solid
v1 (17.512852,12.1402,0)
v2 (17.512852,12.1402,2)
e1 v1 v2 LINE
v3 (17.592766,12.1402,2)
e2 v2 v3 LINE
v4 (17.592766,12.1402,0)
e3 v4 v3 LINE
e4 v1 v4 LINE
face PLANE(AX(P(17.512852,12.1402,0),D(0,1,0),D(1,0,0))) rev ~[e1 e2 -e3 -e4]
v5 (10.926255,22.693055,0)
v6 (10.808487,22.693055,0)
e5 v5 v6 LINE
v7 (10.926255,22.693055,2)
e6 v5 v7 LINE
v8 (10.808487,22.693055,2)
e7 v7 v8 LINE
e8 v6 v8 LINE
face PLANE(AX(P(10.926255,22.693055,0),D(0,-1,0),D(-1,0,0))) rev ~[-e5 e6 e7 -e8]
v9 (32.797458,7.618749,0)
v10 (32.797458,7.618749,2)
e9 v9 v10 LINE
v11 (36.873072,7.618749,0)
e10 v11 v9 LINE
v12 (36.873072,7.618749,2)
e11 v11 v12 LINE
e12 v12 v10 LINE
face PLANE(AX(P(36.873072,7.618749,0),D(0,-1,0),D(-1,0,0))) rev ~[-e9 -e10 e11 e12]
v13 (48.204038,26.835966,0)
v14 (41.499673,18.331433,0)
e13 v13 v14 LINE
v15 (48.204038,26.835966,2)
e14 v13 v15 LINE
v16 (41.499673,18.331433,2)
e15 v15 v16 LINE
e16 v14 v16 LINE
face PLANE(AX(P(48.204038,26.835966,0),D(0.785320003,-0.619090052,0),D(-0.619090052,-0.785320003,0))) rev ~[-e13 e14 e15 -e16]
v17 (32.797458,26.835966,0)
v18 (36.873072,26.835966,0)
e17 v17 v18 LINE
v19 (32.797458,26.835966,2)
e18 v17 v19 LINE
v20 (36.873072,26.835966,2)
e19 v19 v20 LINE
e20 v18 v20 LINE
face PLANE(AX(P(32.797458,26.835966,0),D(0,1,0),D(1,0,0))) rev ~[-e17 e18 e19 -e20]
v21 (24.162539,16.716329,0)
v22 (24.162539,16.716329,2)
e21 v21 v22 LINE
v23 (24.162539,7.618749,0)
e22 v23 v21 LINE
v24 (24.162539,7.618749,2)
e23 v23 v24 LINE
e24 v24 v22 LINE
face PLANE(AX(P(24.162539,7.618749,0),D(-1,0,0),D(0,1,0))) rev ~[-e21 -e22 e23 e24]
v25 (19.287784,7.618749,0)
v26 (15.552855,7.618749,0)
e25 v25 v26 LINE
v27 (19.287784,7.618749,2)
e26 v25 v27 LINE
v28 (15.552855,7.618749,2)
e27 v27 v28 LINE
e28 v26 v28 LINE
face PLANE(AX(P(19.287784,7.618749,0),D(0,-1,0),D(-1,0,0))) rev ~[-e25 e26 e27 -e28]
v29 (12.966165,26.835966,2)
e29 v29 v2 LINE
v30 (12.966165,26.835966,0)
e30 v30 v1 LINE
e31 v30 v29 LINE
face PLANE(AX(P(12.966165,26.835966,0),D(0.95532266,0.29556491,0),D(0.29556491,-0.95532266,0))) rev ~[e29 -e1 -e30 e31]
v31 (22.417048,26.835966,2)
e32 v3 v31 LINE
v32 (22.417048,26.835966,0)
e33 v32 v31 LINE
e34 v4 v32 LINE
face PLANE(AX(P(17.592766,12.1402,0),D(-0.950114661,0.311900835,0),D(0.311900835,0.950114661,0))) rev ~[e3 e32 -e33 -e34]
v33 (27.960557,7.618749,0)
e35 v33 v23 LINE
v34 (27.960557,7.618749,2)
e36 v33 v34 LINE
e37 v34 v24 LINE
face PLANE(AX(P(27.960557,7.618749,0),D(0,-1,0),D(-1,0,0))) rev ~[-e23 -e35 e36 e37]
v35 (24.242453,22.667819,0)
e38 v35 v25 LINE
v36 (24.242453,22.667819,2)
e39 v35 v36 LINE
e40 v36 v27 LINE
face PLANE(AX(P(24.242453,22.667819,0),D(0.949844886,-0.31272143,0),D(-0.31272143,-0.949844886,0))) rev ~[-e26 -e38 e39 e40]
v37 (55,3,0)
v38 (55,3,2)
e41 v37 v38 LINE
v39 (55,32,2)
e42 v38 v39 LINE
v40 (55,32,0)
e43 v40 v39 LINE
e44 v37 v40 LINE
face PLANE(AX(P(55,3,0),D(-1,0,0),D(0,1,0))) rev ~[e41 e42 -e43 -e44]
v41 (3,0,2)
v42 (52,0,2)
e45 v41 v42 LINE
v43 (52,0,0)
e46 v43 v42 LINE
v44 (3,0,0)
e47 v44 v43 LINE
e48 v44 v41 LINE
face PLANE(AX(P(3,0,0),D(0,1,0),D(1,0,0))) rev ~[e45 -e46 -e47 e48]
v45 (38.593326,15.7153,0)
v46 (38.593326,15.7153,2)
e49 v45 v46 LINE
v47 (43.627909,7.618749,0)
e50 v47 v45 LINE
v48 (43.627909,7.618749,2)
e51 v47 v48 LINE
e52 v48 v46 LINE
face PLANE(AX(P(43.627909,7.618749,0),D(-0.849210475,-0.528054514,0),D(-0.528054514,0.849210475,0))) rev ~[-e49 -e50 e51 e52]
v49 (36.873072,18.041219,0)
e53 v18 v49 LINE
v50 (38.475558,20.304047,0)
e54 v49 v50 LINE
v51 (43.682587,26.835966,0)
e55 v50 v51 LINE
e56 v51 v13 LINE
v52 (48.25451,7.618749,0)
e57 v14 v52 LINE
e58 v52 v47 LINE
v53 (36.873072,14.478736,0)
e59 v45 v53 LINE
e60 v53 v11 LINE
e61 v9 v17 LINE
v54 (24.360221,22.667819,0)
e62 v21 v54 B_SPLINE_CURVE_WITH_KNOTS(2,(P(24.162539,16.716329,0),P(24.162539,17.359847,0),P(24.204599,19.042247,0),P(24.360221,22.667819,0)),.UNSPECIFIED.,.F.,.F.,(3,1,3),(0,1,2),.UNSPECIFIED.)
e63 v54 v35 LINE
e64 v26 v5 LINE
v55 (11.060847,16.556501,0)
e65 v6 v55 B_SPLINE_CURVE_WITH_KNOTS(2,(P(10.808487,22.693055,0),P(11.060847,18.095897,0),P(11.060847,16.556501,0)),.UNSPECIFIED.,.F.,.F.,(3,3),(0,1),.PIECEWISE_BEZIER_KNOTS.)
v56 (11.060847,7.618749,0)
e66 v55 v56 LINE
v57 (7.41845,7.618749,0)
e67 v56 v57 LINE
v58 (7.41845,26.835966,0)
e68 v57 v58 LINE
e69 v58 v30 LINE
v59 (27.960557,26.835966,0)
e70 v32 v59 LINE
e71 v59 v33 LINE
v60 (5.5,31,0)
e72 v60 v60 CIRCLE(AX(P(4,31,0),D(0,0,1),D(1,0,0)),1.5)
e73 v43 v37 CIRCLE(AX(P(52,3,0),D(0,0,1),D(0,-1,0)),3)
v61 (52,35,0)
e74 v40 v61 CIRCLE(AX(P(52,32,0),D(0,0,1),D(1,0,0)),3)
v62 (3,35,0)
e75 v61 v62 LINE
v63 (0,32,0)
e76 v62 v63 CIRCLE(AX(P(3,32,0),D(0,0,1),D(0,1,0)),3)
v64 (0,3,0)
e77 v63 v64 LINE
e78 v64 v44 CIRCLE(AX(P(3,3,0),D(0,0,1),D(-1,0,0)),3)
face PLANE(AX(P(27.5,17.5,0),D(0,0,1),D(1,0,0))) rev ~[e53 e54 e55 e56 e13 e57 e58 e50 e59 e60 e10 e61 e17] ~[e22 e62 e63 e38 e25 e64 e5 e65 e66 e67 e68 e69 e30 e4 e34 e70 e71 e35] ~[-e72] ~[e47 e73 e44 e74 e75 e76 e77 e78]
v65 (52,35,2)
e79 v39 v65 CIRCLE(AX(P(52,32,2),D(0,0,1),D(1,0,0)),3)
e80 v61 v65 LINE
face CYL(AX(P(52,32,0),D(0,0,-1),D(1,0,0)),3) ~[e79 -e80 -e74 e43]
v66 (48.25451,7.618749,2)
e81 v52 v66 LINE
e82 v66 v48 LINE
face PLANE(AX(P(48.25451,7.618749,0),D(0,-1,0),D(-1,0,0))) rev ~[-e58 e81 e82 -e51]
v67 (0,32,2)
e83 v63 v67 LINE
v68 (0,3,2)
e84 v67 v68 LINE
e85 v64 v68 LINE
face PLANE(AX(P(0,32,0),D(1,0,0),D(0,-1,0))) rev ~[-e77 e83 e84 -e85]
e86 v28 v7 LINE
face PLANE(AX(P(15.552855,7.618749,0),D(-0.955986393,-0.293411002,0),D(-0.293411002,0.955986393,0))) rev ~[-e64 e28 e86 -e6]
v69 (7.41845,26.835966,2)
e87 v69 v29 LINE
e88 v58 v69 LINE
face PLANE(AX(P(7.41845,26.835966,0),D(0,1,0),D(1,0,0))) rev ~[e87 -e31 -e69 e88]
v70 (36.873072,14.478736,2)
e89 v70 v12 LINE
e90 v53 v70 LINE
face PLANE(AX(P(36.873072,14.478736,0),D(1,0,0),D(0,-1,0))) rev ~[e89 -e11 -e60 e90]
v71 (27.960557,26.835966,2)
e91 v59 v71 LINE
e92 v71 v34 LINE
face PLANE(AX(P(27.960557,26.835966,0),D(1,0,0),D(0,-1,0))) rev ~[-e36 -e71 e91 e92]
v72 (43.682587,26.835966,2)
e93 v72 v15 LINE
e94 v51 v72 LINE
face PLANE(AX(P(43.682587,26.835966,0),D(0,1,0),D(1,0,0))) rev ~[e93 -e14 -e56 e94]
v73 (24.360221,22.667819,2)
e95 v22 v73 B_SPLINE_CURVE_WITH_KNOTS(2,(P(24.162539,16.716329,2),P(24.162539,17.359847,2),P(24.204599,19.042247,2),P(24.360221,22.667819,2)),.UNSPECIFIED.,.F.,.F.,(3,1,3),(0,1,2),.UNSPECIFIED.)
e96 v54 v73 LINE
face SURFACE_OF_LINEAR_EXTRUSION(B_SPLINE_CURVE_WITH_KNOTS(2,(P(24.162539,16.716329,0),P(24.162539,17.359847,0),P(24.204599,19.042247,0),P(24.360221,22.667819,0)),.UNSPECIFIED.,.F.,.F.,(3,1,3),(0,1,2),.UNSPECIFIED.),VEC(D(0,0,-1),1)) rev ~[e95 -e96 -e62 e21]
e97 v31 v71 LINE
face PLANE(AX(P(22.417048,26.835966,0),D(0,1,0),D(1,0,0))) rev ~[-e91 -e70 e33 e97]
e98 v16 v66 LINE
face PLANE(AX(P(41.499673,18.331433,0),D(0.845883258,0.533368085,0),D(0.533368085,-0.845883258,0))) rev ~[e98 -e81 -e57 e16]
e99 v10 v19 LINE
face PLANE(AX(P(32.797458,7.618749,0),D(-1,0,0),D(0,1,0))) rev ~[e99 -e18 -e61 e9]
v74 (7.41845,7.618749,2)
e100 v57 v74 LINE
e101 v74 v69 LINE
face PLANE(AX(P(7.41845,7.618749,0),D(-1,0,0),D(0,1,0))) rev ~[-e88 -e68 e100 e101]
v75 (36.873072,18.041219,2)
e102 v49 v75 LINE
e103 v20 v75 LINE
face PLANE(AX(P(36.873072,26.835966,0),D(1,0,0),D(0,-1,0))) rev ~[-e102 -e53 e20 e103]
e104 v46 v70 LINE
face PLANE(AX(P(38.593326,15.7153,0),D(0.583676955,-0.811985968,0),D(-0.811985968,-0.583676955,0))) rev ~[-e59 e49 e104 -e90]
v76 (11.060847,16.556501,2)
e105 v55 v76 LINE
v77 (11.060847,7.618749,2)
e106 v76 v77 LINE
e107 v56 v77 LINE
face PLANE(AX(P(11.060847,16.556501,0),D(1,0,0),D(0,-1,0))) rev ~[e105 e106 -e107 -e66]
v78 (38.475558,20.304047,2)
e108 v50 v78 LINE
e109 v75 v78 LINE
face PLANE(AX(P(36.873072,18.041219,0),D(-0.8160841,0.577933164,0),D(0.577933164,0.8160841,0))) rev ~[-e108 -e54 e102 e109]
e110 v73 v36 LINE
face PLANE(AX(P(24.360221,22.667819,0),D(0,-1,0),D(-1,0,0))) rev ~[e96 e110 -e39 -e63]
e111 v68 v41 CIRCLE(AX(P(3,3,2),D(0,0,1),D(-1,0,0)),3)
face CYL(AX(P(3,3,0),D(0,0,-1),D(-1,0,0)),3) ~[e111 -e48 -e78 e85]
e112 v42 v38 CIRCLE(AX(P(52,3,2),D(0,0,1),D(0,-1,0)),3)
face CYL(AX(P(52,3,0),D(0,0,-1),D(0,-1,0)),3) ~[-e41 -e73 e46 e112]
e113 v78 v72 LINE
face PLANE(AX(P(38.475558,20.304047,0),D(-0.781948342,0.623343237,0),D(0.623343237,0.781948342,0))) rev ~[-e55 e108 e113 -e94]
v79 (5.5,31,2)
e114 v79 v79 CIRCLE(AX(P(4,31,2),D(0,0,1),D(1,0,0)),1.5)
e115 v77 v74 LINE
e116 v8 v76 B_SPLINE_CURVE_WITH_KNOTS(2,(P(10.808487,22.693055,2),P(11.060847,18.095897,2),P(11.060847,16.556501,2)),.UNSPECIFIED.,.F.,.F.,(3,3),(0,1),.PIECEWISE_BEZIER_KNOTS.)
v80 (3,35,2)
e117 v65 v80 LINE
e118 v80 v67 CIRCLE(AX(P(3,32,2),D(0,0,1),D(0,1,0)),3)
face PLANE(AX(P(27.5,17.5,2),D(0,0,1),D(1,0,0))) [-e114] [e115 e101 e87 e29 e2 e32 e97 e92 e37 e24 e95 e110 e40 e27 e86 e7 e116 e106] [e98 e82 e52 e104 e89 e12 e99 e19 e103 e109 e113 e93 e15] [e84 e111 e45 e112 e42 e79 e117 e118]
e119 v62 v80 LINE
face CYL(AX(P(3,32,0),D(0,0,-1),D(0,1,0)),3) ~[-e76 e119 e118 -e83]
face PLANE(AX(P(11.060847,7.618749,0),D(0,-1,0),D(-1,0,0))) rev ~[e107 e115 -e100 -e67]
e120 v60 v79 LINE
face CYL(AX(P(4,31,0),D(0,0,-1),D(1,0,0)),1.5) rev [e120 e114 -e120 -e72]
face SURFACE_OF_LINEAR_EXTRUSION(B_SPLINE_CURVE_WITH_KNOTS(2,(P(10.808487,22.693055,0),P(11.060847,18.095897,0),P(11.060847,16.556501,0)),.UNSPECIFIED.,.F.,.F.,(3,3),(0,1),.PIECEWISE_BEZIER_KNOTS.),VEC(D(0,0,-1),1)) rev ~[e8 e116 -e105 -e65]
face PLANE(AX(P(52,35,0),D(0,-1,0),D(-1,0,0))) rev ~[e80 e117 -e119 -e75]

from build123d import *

# Parameters (mm, degrees)
F0_R     = 1.5
F1_DEPTH = 2


with BuildPart() as f1:
    # F0 (on Top) → F1 (new body)
    with BuildSketch(Plane.XY):
        with BuildLine():
            ThreePointArc((0, 3), (0.8786796564, 0.8786796564), (3, 0))
            Line((3, 0), (52, 0))
            ThreePointArc((52, 0), (54.1213203436, 0.8786796564), (55, 3))
            Line((55, 3), (55, 32))
            ThreePointArc((55, 32), (54.1213203436, 34.1213203436), (52, 35))
            Line((52, 35), (3, 35))
            ThreePointArc((3, 35), (0.8786796564, 34.1213203436), (0, 32))
            Line((0, 32), (0, 3))
        make_face()
        with BuildLine():
            Line((19.287783905, 7.6187494158), (15.552855407, 7.6187494158))
            Line((15.552855407, 7.6187494158), (10.9262547902, 22.6930554257))
            Line((10.9262547902, 22.6930554257), (10.8084867745, 22.6930554257))
            add(Edge.make_bspline(
                [(10.8084867745, 22.6930554257), (11.0608468081, 18.0958968128), (11.0608468081, 16.5565006075)],
                knots=[0, 0, 0, 1, 1, 1], degree=2))
            Line((11.0608468081, 16.5565006075), (11.0608468081, 7.6187494158))
            Line((11.0608468081, 7.6187494158), (7.4184503225, 7.6187494158))
            Line((7.4184503225, 7.6187494158), (7.4184503225, 26.8359659781))
            Line((7.4184503225, 26.8359659781), (12.9661650622, 26.8359659781))
            Line((12.9661650622, 26.8359659781), (17.5128516684, 12.1402000187))
            Line((17.5128516684, 12.1402000187), (17.592765679, 12.1402000187))
            Line((17.592765679, 12.1402000187), (22.4170483223, 26.8359659781))
            Line((22.4170483223, 26.8359659781), (27.9605570614, 26.8359659781))
            Line((27.9605570614, 26.8359659781), (27.9605570614, 7.6187494158))
            Line((27.9605570614, 7.6187494158), (24.162538555, 7.6187494158))
            Line((24.162538555, 7.6187494158), (24.162538555, 16.7163286288))
            add(Edge.make_bspline(
                [(24.162538555, 16.7163286288), (24.162538555, 17.3598467146), (24.1835685578, 18.2010468268)],
                knots=[0, 0, 0, 1, 1, 1], degree=2))
            add(Edge.make_bspline(
                [(24.1835685578, 18.2010468268), (24.2045985606, 19.042246939), (24.3602205814, 22.6678194224)],
                knots=[0, 0, 0, 1, 1, 1], degree=2))
            Line((24.3602205814, 22.6678194224), (24.2424525657, 22.6678194224))
            Line((24.2424525657, 22.6678194224), (19.287783905, 7.6187494158))
        make_face(mode=Mode.SUBTRACT)
        Polygon((41.4996728666, 18.3314328442), (48.2545097673, 7.6187494158), (43.6279091504, 7.6187494158), (38.5933264791, 15.7153004954), (36.8730722497, 14.4787363305), (36.8730722497, 7.6187494158), (32.7974577063, 7.6187494158), (32.7974577063, 26.8359659781), (36.8730722497, 26.8359659781), (36.8730722497, 18.0412188055), (38.4755584634, 20.3040471072), (43.6825871577, 26.8359659781), (48.2040377605, 26.8359659781), align=None, mode=Mode.SUBTRACT)
        with Locations((4, 31)):
            Circle(F0_R, mode=Mode.SUBTRACT)
    extrude(amount=F1_DEPTH)


solid = f1.part
